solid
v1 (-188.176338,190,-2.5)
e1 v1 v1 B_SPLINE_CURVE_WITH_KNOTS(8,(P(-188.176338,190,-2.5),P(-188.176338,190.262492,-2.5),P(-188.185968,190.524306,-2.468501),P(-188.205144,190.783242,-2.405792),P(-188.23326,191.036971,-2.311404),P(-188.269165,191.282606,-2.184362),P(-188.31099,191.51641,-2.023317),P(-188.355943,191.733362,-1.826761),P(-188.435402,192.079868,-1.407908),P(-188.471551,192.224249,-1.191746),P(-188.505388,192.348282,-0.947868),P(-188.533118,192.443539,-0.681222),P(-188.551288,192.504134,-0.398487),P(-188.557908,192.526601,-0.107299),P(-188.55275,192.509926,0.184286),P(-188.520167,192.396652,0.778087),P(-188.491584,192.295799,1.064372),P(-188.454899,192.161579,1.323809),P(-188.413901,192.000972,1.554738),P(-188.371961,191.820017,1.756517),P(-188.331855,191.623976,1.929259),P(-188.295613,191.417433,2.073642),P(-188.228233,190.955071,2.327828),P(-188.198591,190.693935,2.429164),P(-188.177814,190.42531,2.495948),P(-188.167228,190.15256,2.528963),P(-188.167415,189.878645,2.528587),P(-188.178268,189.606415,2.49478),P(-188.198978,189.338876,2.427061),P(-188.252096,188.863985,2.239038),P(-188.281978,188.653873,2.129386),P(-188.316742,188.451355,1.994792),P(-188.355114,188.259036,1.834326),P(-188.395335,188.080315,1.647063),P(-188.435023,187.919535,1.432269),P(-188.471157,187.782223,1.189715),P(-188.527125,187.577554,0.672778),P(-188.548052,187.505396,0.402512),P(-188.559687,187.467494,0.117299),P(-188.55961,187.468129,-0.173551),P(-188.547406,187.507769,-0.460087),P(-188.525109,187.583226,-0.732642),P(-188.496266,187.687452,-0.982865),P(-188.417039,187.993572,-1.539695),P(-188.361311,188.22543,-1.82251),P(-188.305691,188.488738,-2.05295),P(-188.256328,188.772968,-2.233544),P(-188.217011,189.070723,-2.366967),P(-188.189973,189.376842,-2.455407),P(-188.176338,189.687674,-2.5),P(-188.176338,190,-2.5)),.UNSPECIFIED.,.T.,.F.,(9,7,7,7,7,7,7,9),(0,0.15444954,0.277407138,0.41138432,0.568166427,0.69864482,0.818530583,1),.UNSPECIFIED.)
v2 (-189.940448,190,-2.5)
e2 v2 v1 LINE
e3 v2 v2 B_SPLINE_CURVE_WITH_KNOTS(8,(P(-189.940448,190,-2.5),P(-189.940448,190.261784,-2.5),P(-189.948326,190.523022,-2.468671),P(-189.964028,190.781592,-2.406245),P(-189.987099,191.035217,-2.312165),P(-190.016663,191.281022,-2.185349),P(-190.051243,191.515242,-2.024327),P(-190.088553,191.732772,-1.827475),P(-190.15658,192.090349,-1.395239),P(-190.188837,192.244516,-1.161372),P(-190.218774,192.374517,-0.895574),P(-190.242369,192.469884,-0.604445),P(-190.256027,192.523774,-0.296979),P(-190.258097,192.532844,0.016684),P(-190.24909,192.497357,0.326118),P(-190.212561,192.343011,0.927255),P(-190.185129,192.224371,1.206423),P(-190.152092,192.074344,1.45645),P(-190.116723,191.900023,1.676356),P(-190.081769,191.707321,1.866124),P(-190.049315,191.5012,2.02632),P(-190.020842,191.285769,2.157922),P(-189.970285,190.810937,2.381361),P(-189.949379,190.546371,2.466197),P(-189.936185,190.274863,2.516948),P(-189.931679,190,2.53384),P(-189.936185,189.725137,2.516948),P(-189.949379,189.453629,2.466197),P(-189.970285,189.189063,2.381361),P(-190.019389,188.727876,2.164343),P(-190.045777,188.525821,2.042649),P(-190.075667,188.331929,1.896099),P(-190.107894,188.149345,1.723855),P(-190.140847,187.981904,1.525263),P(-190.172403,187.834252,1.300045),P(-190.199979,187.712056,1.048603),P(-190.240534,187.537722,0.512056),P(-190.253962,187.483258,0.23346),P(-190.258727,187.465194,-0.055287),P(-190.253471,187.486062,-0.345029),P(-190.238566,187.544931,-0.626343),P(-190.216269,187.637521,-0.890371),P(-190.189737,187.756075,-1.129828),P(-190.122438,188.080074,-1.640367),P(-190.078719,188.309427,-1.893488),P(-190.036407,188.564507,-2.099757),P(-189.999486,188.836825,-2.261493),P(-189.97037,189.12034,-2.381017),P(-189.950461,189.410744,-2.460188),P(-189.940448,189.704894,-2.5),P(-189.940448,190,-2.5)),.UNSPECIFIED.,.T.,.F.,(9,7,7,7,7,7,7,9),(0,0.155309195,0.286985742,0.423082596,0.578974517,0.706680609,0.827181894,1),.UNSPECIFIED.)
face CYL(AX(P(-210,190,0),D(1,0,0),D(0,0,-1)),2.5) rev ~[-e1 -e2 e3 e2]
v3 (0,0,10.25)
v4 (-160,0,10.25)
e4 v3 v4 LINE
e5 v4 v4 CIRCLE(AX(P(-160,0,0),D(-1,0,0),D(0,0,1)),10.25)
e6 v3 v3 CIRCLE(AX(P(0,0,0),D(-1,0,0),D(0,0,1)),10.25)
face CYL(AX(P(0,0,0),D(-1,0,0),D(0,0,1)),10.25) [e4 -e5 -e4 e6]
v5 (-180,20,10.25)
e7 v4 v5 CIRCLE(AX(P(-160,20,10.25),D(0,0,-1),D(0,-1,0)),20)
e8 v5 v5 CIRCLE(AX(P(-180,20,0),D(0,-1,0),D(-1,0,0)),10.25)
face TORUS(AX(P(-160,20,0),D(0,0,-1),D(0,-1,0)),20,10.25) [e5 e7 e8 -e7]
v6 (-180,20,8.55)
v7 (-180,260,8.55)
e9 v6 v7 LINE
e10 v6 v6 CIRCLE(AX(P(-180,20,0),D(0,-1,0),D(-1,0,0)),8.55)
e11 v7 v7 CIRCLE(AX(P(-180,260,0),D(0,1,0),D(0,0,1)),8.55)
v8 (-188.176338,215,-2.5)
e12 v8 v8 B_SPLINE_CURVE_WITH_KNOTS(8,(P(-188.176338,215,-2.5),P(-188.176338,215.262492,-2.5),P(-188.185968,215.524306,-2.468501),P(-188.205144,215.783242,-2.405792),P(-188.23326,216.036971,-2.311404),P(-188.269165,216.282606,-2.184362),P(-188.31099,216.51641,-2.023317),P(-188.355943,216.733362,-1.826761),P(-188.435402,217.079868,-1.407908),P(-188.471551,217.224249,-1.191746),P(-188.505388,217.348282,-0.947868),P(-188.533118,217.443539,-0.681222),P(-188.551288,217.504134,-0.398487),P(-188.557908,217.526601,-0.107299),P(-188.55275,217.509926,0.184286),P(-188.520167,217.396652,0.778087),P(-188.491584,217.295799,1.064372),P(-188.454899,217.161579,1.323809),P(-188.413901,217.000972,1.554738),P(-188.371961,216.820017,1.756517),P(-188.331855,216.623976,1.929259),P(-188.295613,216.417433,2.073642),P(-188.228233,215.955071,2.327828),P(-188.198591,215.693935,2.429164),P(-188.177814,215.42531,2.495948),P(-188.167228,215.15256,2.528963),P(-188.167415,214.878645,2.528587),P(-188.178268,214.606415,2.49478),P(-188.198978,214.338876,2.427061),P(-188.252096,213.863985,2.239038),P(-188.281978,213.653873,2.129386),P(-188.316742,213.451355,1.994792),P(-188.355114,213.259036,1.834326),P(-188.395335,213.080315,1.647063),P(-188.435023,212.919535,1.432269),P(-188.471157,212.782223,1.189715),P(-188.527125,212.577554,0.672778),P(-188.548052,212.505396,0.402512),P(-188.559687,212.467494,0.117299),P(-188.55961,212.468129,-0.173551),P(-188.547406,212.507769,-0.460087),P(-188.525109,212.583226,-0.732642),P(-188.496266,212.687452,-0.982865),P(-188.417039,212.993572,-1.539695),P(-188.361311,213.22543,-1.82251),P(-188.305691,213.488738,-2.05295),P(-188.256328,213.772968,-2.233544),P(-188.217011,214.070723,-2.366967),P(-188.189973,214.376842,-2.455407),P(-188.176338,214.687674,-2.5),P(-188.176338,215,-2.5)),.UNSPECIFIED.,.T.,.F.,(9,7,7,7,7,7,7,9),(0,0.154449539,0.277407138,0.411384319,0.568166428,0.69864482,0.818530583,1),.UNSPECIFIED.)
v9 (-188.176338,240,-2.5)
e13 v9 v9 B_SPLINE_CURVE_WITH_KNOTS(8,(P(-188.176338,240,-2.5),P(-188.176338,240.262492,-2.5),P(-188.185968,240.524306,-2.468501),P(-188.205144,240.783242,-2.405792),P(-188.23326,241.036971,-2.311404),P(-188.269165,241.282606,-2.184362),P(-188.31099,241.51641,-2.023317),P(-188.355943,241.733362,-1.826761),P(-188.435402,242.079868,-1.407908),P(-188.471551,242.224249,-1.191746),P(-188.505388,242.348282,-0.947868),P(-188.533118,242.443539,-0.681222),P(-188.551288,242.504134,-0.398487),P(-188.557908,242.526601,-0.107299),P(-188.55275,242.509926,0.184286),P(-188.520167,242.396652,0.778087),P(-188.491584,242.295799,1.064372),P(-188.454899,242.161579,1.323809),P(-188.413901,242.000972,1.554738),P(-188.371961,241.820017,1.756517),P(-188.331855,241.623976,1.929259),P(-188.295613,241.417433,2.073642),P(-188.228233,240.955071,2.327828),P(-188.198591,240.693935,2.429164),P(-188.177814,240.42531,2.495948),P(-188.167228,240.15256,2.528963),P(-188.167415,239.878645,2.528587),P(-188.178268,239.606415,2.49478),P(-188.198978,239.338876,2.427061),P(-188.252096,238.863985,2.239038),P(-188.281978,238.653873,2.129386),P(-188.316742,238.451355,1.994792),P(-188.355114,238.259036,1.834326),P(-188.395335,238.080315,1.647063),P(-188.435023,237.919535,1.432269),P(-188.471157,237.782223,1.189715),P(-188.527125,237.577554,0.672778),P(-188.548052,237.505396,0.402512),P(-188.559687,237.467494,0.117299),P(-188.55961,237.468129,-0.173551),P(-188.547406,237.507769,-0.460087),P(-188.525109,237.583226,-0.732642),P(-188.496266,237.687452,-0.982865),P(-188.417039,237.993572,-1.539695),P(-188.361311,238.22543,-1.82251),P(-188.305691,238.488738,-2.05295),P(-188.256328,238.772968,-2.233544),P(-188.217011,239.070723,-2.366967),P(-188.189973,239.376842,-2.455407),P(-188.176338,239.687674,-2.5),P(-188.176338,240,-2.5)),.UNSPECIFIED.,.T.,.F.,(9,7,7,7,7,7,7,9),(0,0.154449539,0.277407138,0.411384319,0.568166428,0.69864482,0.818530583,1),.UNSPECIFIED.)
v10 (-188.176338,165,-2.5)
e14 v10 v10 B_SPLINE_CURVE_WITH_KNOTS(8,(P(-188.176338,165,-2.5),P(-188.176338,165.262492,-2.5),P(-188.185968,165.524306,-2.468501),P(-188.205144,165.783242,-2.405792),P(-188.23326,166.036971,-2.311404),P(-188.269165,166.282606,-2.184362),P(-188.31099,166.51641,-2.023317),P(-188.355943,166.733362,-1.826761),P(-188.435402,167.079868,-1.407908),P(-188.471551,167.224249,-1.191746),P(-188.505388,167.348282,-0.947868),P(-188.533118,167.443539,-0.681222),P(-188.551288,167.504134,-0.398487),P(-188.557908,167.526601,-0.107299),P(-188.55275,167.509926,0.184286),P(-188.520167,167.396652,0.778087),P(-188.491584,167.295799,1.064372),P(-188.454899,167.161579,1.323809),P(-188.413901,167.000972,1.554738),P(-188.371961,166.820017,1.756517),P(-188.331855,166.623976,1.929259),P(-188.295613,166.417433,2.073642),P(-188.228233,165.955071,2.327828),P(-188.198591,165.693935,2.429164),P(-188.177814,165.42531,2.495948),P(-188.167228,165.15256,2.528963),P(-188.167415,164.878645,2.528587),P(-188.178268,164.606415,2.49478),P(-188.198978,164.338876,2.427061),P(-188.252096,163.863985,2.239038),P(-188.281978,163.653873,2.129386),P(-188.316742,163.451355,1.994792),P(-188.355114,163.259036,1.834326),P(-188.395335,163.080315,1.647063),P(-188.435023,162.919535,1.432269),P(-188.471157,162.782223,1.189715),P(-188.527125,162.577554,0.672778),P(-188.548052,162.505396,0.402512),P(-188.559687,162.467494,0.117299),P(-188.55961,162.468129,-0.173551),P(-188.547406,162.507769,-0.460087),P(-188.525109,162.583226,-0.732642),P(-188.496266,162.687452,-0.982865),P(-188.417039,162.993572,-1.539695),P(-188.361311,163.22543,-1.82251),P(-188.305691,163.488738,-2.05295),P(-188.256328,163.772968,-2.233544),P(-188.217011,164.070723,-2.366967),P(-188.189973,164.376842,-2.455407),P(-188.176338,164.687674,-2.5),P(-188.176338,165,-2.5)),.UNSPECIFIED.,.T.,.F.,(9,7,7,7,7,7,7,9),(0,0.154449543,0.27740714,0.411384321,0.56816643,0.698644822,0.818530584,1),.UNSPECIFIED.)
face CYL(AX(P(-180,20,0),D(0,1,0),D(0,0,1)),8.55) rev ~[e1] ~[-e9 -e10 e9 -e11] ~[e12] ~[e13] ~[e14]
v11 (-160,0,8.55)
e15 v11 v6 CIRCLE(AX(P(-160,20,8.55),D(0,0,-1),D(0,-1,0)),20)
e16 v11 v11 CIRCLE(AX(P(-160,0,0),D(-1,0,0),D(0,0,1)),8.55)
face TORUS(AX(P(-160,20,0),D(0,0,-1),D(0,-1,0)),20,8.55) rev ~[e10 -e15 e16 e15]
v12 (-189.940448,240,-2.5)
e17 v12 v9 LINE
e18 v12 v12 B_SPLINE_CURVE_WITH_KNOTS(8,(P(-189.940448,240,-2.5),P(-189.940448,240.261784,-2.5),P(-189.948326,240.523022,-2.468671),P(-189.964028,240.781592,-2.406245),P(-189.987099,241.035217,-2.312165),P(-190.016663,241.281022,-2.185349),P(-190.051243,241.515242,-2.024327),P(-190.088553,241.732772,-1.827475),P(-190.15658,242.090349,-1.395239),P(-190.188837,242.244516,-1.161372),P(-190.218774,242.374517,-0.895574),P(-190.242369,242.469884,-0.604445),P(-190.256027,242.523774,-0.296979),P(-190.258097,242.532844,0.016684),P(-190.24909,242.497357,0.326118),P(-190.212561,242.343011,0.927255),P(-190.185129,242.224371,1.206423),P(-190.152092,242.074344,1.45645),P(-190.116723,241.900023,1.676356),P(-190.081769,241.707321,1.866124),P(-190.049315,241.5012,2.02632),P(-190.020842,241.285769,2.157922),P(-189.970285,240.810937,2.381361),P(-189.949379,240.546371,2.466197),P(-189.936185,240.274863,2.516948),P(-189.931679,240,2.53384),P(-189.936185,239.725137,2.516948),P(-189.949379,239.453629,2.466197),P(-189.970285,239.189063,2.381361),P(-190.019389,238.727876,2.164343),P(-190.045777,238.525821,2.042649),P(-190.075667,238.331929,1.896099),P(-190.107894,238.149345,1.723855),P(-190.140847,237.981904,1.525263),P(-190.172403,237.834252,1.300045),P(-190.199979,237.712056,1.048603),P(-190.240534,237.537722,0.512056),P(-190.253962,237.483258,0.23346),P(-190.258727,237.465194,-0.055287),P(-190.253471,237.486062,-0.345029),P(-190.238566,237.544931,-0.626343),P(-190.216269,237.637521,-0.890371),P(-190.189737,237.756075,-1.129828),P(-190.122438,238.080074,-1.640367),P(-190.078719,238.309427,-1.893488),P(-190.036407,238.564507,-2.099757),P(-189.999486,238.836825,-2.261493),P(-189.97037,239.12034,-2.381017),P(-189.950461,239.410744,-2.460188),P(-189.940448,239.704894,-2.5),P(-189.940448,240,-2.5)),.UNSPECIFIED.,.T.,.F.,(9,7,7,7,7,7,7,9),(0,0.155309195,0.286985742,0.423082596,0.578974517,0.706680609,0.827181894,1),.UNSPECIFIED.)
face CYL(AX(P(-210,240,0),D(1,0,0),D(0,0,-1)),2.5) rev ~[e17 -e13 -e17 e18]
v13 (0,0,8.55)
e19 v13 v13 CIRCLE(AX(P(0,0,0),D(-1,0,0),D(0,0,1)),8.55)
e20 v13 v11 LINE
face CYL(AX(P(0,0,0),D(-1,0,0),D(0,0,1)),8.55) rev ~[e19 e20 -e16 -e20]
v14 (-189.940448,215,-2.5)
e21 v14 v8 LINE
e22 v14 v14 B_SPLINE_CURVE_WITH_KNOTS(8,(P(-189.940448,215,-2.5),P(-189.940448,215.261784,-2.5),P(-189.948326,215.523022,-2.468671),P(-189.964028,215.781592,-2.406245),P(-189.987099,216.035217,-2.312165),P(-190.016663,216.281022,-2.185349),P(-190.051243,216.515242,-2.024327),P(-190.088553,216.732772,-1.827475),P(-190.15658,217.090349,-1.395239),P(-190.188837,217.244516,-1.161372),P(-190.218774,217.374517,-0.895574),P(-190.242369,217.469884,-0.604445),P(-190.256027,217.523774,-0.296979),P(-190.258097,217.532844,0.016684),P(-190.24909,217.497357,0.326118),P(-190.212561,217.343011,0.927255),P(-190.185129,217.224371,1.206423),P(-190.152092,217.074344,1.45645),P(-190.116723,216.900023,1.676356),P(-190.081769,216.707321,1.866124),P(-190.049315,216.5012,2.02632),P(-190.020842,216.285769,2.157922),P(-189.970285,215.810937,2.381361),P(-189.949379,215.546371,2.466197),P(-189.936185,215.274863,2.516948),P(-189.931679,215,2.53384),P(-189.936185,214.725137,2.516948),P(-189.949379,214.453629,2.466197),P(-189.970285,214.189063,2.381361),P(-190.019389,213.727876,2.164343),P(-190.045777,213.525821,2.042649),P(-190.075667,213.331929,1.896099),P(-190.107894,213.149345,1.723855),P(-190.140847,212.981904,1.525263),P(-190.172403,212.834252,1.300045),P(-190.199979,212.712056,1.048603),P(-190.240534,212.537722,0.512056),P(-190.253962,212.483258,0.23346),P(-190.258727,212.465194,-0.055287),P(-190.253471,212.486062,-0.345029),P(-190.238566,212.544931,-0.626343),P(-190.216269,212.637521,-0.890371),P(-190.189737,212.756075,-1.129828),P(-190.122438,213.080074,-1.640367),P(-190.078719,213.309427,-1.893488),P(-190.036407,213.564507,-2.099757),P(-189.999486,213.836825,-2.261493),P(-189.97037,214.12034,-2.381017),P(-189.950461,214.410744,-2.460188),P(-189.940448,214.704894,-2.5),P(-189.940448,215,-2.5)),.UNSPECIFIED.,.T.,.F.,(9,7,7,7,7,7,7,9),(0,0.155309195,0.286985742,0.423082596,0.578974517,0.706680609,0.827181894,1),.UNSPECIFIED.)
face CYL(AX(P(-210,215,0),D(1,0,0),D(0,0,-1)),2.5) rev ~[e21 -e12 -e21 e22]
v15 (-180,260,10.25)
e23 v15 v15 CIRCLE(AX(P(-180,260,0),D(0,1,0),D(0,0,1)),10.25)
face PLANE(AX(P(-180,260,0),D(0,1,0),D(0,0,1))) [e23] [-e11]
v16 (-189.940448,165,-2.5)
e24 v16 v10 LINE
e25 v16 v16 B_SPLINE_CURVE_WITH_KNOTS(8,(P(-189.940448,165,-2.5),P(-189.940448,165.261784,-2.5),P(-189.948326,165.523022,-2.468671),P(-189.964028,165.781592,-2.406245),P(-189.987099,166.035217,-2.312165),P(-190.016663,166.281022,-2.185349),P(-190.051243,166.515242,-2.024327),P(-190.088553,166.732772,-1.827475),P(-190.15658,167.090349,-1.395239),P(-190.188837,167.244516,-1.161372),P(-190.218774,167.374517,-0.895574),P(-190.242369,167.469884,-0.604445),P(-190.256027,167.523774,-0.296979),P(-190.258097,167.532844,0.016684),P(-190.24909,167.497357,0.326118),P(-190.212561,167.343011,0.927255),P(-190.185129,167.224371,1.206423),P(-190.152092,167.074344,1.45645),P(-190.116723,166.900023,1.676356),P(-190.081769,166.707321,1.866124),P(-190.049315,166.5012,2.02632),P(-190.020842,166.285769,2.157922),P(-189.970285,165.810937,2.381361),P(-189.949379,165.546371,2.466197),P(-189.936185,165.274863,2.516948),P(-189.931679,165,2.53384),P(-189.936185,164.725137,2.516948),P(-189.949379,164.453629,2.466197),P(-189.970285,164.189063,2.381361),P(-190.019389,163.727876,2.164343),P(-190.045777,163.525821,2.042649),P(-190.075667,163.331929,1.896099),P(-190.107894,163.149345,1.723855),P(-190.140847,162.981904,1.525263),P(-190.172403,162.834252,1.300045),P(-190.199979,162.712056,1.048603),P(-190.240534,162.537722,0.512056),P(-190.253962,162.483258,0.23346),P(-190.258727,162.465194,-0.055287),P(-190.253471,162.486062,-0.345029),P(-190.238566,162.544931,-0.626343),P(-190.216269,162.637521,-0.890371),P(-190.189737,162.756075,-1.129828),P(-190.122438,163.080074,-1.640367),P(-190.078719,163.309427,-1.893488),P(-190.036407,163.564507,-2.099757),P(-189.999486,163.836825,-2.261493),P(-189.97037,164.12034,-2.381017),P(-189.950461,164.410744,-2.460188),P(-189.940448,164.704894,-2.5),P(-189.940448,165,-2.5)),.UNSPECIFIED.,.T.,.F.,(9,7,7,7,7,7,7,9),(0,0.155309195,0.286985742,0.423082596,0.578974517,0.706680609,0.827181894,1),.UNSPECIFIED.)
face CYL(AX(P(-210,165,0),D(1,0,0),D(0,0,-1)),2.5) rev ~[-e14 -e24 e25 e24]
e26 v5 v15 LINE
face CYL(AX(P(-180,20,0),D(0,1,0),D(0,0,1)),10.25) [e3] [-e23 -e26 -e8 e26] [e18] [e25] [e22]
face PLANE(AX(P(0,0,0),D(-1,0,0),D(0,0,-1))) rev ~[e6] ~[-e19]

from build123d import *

# Parameters (mm, degrees)
ESBO_O6_R                 = 10.25
ESBO_O6_R_2               = 8.55
FURO_ROSCADO_DE_M61_D     = 5
FURO_ROSCADO_DE_M61_DEPTH = 15
FURO_ROSCADO_DE_M61_TIP   = 1.502151548


with BuildPart() as part:
    # Varredura1: sweep along a path in Esboço5
    with BuildLine(Plane.XY) as varredura1_path:
        Line((0, 0), (-160, 0))
        ThreePointArc((-160, 0), (-174.142135624, 5.857864376), (-180, 20))
        Line((-180, 20), (-180, 260))
    # Esboço6 → Varredura1 (sweep)
    with BuildSketch(Plane.ZY):
        Circle(ESBO_O6_R)
        Circle(ESBO_O6_R_2, mode=Mode.SUBTRACT)
    sweep(path=varredura1_path.line)

    # Furo roscado de M61
    with Locations(Plane.ZY.offset(195)):
        with Locations((0, 240), (0, 215), (0, 190), (0, 165)):
            Hole(FURO_ROSCADO_DE_M61_D / 2, depth=FURO_ROSCADO_DE_M61_DEPTH)
            with Locations((0, 0, -(FURO_ROSCADO_DE_M61_DEPTH + FURO_ROSCADO_DE_M61_TIP / 2))):  # 118° drill point
                Cone(0, FURO_ROSCADO_DE_M61_D / 2, FURO_ROSCADO_DE_M61_TIP, mode=Mode.SUBTRACT)


solid = part.part
